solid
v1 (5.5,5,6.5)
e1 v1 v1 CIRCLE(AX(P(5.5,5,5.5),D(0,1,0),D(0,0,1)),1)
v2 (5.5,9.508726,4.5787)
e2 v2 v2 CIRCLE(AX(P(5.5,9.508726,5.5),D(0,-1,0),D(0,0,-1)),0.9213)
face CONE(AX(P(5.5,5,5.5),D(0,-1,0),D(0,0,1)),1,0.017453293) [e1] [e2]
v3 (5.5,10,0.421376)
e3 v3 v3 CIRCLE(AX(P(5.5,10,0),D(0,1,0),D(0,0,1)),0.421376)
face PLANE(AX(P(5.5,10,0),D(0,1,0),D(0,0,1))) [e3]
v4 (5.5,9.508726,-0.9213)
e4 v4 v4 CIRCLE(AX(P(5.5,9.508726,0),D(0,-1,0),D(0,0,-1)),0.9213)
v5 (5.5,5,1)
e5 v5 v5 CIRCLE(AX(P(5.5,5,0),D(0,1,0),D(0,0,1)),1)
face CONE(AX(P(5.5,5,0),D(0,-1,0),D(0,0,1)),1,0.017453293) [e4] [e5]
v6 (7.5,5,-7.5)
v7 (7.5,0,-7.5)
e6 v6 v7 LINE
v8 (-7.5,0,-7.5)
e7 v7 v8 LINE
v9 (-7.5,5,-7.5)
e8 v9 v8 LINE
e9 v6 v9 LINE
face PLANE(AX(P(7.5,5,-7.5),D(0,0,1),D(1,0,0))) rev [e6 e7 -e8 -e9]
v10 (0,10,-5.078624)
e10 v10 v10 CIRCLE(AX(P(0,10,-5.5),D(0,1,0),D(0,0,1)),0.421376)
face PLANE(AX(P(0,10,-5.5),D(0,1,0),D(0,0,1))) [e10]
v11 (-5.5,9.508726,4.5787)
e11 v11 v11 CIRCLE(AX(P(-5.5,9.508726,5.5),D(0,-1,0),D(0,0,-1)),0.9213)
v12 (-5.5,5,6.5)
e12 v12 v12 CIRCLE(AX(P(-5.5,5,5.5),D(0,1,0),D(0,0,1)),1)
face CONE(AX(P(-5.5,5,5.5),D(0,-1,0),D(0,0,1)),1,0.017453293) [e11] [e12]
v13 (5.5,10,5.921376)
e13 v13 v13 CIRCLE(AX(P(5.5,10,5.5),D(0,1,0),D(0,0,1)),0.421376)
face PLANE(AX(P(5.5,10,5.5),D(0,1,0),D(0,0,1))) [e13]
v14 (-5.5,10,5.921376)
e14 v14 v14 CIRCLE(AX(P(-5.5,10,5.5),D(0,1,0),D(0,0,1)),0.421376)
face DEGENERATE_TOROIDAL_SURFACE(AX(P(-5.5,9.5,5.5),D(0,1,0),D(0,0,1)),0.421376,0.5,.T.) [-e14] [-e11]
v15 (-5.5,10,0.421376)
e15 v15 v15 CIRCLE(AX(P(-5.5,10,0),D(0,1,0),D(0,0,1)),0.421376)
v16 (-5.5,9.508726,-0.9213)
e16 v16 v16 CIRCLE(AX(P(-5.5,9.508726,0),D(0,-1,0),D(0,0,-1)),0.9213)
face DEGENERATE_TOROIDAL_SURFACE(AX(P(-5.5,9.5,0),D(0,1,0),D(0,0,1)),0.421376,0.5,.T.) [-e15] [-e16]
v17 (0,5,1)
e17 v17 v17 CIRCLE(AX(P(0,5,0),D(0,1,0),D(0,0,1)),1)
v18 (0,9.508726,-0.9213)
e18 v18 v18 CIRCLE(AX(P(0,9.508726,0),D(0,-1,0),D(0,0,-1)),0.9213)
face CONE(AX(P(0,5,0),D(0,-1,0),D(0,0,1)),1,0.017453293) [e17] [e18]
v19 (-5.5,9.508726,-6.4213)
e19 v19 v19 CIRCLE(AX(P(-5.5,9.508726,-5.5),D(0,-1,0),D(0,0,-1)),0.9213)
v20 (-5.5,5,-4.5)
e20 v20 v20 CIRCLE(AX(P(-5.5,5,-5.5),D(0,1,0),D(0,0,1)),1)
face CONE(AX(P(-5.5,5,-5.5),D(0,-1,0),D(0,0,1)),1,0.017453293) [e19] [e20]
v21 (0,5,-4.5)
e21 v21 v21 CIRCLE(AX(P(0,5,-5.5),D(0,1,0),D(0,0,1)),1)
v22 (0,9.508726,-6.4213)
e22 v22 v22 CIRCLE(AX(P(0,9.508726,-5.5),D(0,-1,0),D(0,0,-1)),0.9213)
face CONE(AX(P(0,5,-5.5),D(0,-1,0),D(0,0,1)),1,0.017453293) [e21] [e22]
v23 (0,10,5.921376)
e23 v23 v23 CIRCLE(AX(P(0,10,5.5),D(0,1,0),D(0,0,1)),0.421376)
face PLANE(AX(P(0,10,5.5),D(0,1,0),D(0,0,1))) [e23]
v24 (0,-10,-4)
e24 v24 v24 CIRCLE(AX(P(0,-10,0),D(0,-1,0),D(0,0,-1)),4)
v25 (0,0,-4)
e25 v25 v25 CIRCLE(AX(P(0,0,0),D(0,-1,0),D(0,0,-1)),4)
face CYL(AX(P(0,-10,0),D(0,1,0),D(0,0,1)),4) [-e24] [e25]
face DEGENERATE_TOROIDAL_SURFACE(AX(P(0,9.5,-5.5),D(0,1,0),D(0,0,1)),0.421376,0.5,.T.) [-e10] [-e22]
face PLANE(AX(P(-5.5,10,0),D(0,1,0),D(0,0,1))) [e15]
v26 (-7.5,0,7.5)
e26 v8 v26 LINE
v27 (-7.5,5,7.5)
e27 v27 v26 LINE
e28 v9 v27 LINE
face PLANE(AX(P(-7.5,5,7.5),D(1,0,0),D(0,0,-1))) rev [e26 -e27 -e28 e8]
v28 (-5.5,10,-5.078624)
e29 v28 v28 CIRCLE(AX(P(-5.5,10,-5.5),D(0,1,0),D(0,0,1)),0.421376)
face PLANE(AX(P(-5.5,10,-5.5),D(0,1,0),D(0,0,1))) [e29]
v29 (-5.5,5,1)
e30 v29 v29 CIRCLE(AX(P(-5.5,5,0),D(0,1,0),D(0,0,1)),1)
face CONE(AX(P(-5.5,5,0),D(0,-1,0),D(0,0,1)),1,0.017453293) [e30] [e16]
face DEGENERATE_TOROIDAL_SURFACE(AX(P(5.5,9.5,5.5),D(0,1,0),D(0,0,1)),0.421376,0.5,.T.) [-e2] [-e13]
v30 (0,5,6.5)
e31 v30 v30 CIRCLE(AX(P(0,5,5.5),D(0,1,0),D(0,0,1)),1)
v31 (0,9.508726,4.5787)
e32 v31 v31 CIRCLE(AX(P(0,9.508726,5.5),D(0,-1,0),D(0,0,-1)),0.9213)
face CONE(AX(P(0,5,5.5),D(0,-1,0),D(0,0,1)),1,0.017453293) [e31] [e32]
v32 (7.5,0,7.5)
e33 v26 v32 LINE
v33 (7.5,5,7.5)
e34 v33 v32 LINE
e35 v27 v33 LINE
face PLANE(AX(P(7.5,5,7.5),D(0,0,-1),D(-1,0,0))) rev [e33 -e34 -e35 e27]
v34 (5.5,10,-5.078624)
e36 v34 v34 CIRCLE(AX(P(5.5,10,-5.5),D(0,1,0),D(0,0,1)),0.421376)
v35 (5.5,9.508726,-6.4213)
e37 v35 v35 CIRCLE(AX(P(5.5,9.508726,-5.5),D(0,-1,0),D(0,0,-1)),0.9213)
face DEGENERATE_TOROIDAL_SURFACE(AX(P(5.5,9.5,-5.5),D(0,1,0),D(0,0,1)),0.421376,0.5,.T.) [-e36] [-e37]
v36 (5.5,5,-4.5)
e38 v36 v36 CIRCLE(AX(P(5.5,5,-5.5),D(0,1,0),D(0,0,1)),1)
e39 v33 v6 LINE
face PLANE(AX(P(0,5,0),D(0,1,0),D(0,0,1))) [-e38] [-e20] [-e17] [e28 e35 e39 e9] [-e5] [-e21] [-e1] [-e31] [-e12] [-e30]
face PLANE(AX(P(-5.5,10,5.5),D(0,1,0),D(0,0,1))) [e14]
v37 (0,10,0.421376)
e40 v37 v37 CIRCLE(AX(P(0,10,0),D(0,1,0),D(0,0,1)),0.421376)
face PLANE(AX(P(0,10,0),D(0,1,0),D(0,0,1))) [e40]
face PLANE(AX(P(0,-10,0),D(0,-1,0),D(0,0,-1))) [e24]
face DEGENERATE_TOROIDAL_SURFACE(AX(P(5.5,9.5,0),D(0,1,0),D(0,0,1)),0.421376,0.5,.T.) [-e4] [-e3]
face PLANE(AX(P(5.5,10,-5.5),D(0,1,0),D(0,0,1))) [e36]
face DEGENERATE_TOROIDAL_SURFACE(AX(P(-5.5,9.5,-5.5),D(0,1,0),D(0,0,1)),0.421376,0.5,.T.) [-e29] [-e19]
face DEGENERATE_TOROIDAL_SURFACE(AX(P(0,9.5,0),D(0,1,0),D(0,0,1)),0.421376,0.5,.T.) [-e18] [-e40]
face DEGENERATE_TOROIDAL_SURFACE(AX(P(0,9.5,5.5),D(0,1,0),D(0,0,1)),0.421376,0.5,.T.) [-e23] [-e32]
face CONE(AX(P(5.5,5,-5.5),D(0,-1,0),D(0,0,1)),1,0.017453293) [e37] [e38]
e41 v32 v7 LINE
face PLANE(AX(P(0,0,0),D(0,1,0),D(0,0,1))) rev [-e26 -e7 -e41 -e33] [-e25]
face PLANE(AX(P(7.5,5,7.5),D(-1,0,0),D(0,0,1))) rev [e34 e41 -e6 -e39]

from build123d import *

# Parameters (mm, degrees)
SKETCH1_W                     = 15
SKETCH1_H                     = 15
BOSS_EXTRUDE1_DEPTH           = 5
SKETCH2_R                     = 1
BOSS_EXTRUDE2_DEPTH           = 5
BOSS_EXTRUDE2_DRAFT           = 1
BOSS_EXTRUDE2_PROFILE_2_DEPTH = 5
BOSS_EXTRUDE2_PROFILE_2_DRAFT = 1
BOSS_EXTRUDE2_PROFILE_3_DEPTH = 5
BOSS_EXTRUDE2_PROFILE_3_DRAFT = 1
BOSS_EXTRUDE2_PROFILE_4_DEPTH = 5
BOSS_EXTRUDE2_PROFILE_4_DRAFT = 1
BOSS_EXTRUDE2_PROFILE_5_DEPTH = 5
BOSS_EXTRUDE2_PROFILE_5_DRAFT = 1
BOSS_EXTRUDE2_PROFILE_6_DEPTH = 5
BOSS_EXTRUDE2_PROFILE_6_DRAFT = 1
BOSS_EXTRUDE2_PROFILE_7_DEPTH = 5
BOSS_EXTRUDE2_PROFILE_7_DRAFT = 1
BOSS_EXTRUDE2_PROFILE_8_DEPTH = 5
BOSS_EXTRUDE2_PROFILE_8_DRAFT = 1
BOSS_EXTRUDE2_PROFILE_9_DEPTH = 5
BOSS_EXTRUDE2_PROFILE_9_DRAFT = 1
FILLET4_R                     = 0.5
SKETCH3_R                     = 4
BOSS_EXTRUDE3_DEPTH           = 10


with BuildPart() as part:
    # Sketch1 → Boss-Extrude1 (new body)
    with BuildSketch(Plane(origin=(0, 0, 0), x_dir=(1, 0, 0), z_dir=(0, 1, 0))):
        Rectangle(SKETCH1_W, SKETCH1_H)
    extrude(amount=BOSS_EXTRUDE1_DEPTH)


with BuildPart() as boss_extrude2_tool:
    # Sketch2 → Boss-Extrude2 (with draft: the straight prism first)
    with BuildSketch(Plane(origin=(0, 5, 0), x_dir=(1, 0, 0), z_dir=(0, 1, 0))):
        with Locations((-5.5, 5.5)):
            Circle(SKETCH2_R)
    extrude(amount=BOSS_EXTRUDE2_DEPTH)
    # Boss-Extrude2: the draft: its side faces are tilted about the plane it starts from
    boss_extrude2_sides = [boss_extrude2_tool.faces().sort_by_distance(p)[0] for p in [
        (-6.5, 7.5, -5.5),
    ]]
    draft(boss_extrude2_sides, Plane(origin=(0, 5, 0), x_dir=(1, 0, 0), z_dir=(0, 1, 0)), BOSS_EXTRUDE2_DRAFT)


with BuildPart() as part_1:
    add(part.part)

    # Boss-Extrude2: add boss_extrude2_tool
    add(boss_extrude2_tool.part)


with BuildPart() as boss_extrude2_profile_2_tool:
    # Sketch2 → Boss-Extrude2 profile 2 (with draft: the straight prism first)
    with BuildSketch(Plane(origin=(0, 5, 0), x_dir=(1, 0, 0), z_dir=(0, 1, 0))):
        with Locations((0, 5.5)):
            Circle(SKETCH2_R)
    extrude(amount=BOSS_EXTRUDE2_PROFILE_2_DEPTH)
    # Boss-Extrude2 profile 2: the draft: its side faces are tilted about the plane it starts from
    boss_extrude2_profile_2_sides = [boss_extrude2_profile_2_tool.faces().sort_by_distance(p)[0] for p in [
        (-1, 7.5, -5.5),
    ]]
    draft(boss_extrude2_profile_2_sides, Plane(origin=(0, 5, 0), x_dir=(1, 0, 0), z_dir=(0, 1, 0)), BOSS_EXTRUDE2_PROFILE_2_DRAFT)


with BuildPart() as part_2:
    add(part_1.part)

    # Boss-Extrude2 profile 2: add boss_extrude2_profile_2_tool
    add(boss_extrude2_profile_2_tool.part)


with BuildPart() as boss_extrude2_profile_3_tool:
    # Sketch2 → Boss-Extrude2 profile 3 (with draft: the straight prism first)
    with BuildSketch(Plane(origin=(0, 5, 0), x_dir=(1, 0, 0), z_dir=(0, 1, 0))):
        with Locations((5.5, 5.5)):
            Circle(SKETCH2_R)
    extrude(amount=BOSS_EXTRUDE2_PROFILE_3_DEPTH)
    # Boss-Extrude2 profile 3: the draft: its side faces are tilted about the plane it starts from
    boss_extrude2_profile_3_sides = [boss_extrude2_profile_3_tool.faces().sort_by_distance(p)[0] for p in [
        (4.5, 7.5, -5.5),
    ]]
    draft(boss_extrude2_profile_3_sides, Plane(origin=(0, 5, 0), x_dir=(1, 0, 0), z_dir=(0, 1, 0)), BOSS_EXTRUDE2_PROFILE_3_DRAFT)


with BuildPart() as part_3:
    add(part_2.part)

    # Boss-Extrude2 profile 3: add boss_extrude2_profile_3_tool
    add(boss_extrude2_profile_3_tool.part)


with BuildPart() as boss_extrude2_profile_4_tool:
    # Sketch2 → Boss-Extrude2 profile 4 (with draft: the straight prism first)
    with BuildSketch(Plane(origin=(0, 5, 0), x_dir=(1, 0, 0), z_dir=(0, 1, 0))):
        Circle(SKETCH2_R)
    extrude(amount=BOSS_EXTRUDE2_PROFILE_4_DEPTH)
    # Boss-Extrude2 profile 4: the draft: its side faces are tilted about the plane it starts from
    boss_extrude2_profile_4_sides = [boss_extrude2_profile_4_tool.faces().sort_by_distance(p)[0] for p in [
        (-1, 7.5, 0),
    ]]
    draft(boss_extrude2_profile_4_sides, Plane(origin=(0, 5, 0), x_dir=(1, 0, 0), z_dir=(0, 1, 0)), BOSS_EXTRUDE2_PROFILE_4_DRAFT)


with BuildPart() as part_4:
    add(part_3.part)

    # Boss-Extrude2 profile 4: add boss_extrude2_profile_4_tool
    add(boss_extrude2_profile_4_tool.part)


with BuildPart() as boss_extrude2_profile_5_tool:
    # Sketch2 → Boss-Extrude2 profile 5 (with draft: the straight prism first)
    with BuildSketch(Plane(origin=(0, 5, 0), x_dir=(1, 0, 0), z_dir=(0, 1, 0))):
        with Locations((-5.5, -5.5)):
            Circle(SKETCH2_R)
    extrude(amount=BOSS_EXTRUDE2_PROFILE_5_DEPTH)
    # Boss-Extrude2 profile 5: the draft: its side faces are tilted about the plane it starts from
    boss_extrude2_profile_5_sides = [boss_extrude2_profile_5_tool.faces().sort_by_distance(p)[0] for p in [
        (-6.5, 7.5, 5.5),
    ]]
    draft(boss_extrude2_profile_5_sides, Plane(origin=(0, 5, 0), x_dir=(1, 0, 0), z_dir=(0, 1, 0)), BOSS_EXTRUDE2_PROFILE_5_DRAFT)


with BuildPart() as part_5:
    add(part_4.part)

    # Boss-Extrude2 profile 5: add boss_extrude2_profile_5_tool
    add(boss_extrude2_profile_5_tool.part)


with BuildPart() as boss_extrude2_profile_6_tool:
    # Sketch2 → Boss-Extrude2 profile 6 (with draft: the straight prism first)
    with BuildSketch(Plane(origin=(0, 5, 0), x_dir=(1, 0, 0), z_dir=(0, 1, 0))):
        with Locations((0, -5.5)):
            Circle(SKETCH2_R)
    extrude(amount=BOSS_EXTRUDE2_PROFILE_6_DEPTH)
    # Boss-Extrude2 profile 6: the draft: its side faces are tilted about the plane it starts from
    boss_extrude2_profile_6_sides = [boss_extrude2_profile_6_tool.faces().sort_by_distance(p)[0] for p in [
        (-1, 7.5, 5.5),
    ]]
    draft(boss_extrude2_profile_6_sides, Plane(origin=(0, 5, 0), x_dir=(1, 0, 0), z_dir=(0, 1, 0)), BOSS_EXTRUDE2_PROFILE_6_DRAFT)


with BuildPart() as part_6:
    add(part_5.part)

    # Boss-Extrude2 profile 6: add boss_extrude2_profile_6_tool
    add(boss_extrude2_profile_6_tool.part)


with BuildPart() as boss_extrude2_profile_7_tool:
    # Sketch2 → Boss-Extrude2 profile 7 (with draft: the straight prism first)
    with BuildSketch(Plane(origin=(0, 5, 0), x_dir=(1, 0, 0), z_dir=(0, 1, 0))):
        with Locations((5.5, -5.5)):
            Circle(SKETCH2_R)
    extrude(amount=BOSS_EXTRUDE2_PROFILE_7_DEPTH)
    # Boss-Extrude2 profile 7: the draft: its side faces are tilted about the plane it starts from
    boss_extrude2_profile_7_sides = [boss_extrude2_profile_7_tool.faces().sort_by_distance(p)[0] for p in [
        (4.5, 7.5, 5.5),
    ]]
    draft(boss_extrude2_profile_7_sides, Plane(origin=(0, 5, 0), x_dir=(1, 0, 0), z_dir=(0, 1, 0)), BOSS_EXTRUDE2_PROFILE_7_DRAFT)


with BuildPart() as part_7:
    add(part_6.part)

    # Boss-Extrude2 profile 7: add boss_extrude2_profile_7_tool
    add(boss_extrude2_profile_7_tool.part)


with BuildPart() as boss_extrude2_profile_8_tool:
    # Sketch2 → Boss-Extrude2 profile 8 (with draft: the straight prism first)
    with BuildSketch(Plane(origin=(0, 5, 0), x_dir=(1, 0, 0), z_dir=(0, 1, 0))):
        with Locations((-5.5, 0)):
            Circle(SKETCH2_R)
    extrude(amount=BOSS_EXTRUDE2_PROFILE_8_DEPTH)
    # Boss-Extrude2 profile 8: the draft: its side faces are tilted about the plane it starts from
    boss_extrude2_profile_8_sides = [boss_extrude2_profile_8_tool.faces().sort_by_distance(p)[0] for p in [
        (-6.5, 7.5, 0),
    ]]
    draft(boss_extrude2_profile_8_sides, Plane(origin=(0, 5, 0), x_dir=(1, 0, 0), z_dir=(0, 1, 0)), BOSS_EXTRUDE2_PROFILE_8_DRAFT)


with BuildPart() as part_8:
    add(part_7.part)

    # Boss-Extrude2 profile 8: add boss_extrude2_profile_8_tool
    add(boss_extrude2_profile_8_tool.part)


with BuildPart() as boss_extrude2_profile_9_tool:
    # Sketch2 → Boss-Extrude2 profile 9 (with draft: the straight prism first)
    with BuildSketch(Plane(origin=(0, 5, 0), x_dir=(1, 0, 0), z_dir=(0, 1, 0))):
        with Locations((5.5, 0)):
            Circle(SKETCH2_R)
    extrude(amount=BOSS_EXTRUDE2_PROFILE_9_DEPTH)
    # Boss-Extrude2 profile 9: the draft: its side faces are tilted about the plane it starts from
    boss_extrude2_profile_9_sides = [boss_extrude2_profile_9_tool.faces().sort_by_distance(p)[0] for p in [
        (4.5, 7.5, 0),
    ]]
    draft(boss_extrude2_profile_9_sides, Plane(origin=(0, 5, 0), x_dir=(1, 0, 0), z_dir=(0, 1, 0)), BOSS_EXTRUDE2_PROFILE_9_DRAFT)


with BuildPart() as part_9:
    add(part_8.part)

    # Boss-Extrude2 profile 9: add boss_extrude2_profile_9_tool
    add(boss_extrude2_profile_9_tool.part)

    # Fillet4
    fillet4_edges = [part_9.edges().sort_by_distance(p)[0] for p in [
        (-6.412724675, 10, -5.5),
        (-0.912724675, 10, -5.5),
        (4.587275325, 10, -5.5),
        (-0.912724675, 10, 0),
        (-6.412724675, 10, 5.5),
        (-0.912724675, 10, 5.5),
        (4.587275325, 10, 5.5),
        (-6.412724675, 10, 0),
        (4.587275325, 10, 0),
    ]]
    fillet(fillet4_edges, radius=FILLET4_R)

    # Sketch3 → Boss-Extrude3 (add)
    with BuildSketch(Plane.XZ):
        with Locations(Location((0, 0, 0), (0, 0, 270))):
            Circle(SKETCH3_R)
    extrude(amount=BOSS_EXTRUDE3_DEPTH)


solid = part_9.part
